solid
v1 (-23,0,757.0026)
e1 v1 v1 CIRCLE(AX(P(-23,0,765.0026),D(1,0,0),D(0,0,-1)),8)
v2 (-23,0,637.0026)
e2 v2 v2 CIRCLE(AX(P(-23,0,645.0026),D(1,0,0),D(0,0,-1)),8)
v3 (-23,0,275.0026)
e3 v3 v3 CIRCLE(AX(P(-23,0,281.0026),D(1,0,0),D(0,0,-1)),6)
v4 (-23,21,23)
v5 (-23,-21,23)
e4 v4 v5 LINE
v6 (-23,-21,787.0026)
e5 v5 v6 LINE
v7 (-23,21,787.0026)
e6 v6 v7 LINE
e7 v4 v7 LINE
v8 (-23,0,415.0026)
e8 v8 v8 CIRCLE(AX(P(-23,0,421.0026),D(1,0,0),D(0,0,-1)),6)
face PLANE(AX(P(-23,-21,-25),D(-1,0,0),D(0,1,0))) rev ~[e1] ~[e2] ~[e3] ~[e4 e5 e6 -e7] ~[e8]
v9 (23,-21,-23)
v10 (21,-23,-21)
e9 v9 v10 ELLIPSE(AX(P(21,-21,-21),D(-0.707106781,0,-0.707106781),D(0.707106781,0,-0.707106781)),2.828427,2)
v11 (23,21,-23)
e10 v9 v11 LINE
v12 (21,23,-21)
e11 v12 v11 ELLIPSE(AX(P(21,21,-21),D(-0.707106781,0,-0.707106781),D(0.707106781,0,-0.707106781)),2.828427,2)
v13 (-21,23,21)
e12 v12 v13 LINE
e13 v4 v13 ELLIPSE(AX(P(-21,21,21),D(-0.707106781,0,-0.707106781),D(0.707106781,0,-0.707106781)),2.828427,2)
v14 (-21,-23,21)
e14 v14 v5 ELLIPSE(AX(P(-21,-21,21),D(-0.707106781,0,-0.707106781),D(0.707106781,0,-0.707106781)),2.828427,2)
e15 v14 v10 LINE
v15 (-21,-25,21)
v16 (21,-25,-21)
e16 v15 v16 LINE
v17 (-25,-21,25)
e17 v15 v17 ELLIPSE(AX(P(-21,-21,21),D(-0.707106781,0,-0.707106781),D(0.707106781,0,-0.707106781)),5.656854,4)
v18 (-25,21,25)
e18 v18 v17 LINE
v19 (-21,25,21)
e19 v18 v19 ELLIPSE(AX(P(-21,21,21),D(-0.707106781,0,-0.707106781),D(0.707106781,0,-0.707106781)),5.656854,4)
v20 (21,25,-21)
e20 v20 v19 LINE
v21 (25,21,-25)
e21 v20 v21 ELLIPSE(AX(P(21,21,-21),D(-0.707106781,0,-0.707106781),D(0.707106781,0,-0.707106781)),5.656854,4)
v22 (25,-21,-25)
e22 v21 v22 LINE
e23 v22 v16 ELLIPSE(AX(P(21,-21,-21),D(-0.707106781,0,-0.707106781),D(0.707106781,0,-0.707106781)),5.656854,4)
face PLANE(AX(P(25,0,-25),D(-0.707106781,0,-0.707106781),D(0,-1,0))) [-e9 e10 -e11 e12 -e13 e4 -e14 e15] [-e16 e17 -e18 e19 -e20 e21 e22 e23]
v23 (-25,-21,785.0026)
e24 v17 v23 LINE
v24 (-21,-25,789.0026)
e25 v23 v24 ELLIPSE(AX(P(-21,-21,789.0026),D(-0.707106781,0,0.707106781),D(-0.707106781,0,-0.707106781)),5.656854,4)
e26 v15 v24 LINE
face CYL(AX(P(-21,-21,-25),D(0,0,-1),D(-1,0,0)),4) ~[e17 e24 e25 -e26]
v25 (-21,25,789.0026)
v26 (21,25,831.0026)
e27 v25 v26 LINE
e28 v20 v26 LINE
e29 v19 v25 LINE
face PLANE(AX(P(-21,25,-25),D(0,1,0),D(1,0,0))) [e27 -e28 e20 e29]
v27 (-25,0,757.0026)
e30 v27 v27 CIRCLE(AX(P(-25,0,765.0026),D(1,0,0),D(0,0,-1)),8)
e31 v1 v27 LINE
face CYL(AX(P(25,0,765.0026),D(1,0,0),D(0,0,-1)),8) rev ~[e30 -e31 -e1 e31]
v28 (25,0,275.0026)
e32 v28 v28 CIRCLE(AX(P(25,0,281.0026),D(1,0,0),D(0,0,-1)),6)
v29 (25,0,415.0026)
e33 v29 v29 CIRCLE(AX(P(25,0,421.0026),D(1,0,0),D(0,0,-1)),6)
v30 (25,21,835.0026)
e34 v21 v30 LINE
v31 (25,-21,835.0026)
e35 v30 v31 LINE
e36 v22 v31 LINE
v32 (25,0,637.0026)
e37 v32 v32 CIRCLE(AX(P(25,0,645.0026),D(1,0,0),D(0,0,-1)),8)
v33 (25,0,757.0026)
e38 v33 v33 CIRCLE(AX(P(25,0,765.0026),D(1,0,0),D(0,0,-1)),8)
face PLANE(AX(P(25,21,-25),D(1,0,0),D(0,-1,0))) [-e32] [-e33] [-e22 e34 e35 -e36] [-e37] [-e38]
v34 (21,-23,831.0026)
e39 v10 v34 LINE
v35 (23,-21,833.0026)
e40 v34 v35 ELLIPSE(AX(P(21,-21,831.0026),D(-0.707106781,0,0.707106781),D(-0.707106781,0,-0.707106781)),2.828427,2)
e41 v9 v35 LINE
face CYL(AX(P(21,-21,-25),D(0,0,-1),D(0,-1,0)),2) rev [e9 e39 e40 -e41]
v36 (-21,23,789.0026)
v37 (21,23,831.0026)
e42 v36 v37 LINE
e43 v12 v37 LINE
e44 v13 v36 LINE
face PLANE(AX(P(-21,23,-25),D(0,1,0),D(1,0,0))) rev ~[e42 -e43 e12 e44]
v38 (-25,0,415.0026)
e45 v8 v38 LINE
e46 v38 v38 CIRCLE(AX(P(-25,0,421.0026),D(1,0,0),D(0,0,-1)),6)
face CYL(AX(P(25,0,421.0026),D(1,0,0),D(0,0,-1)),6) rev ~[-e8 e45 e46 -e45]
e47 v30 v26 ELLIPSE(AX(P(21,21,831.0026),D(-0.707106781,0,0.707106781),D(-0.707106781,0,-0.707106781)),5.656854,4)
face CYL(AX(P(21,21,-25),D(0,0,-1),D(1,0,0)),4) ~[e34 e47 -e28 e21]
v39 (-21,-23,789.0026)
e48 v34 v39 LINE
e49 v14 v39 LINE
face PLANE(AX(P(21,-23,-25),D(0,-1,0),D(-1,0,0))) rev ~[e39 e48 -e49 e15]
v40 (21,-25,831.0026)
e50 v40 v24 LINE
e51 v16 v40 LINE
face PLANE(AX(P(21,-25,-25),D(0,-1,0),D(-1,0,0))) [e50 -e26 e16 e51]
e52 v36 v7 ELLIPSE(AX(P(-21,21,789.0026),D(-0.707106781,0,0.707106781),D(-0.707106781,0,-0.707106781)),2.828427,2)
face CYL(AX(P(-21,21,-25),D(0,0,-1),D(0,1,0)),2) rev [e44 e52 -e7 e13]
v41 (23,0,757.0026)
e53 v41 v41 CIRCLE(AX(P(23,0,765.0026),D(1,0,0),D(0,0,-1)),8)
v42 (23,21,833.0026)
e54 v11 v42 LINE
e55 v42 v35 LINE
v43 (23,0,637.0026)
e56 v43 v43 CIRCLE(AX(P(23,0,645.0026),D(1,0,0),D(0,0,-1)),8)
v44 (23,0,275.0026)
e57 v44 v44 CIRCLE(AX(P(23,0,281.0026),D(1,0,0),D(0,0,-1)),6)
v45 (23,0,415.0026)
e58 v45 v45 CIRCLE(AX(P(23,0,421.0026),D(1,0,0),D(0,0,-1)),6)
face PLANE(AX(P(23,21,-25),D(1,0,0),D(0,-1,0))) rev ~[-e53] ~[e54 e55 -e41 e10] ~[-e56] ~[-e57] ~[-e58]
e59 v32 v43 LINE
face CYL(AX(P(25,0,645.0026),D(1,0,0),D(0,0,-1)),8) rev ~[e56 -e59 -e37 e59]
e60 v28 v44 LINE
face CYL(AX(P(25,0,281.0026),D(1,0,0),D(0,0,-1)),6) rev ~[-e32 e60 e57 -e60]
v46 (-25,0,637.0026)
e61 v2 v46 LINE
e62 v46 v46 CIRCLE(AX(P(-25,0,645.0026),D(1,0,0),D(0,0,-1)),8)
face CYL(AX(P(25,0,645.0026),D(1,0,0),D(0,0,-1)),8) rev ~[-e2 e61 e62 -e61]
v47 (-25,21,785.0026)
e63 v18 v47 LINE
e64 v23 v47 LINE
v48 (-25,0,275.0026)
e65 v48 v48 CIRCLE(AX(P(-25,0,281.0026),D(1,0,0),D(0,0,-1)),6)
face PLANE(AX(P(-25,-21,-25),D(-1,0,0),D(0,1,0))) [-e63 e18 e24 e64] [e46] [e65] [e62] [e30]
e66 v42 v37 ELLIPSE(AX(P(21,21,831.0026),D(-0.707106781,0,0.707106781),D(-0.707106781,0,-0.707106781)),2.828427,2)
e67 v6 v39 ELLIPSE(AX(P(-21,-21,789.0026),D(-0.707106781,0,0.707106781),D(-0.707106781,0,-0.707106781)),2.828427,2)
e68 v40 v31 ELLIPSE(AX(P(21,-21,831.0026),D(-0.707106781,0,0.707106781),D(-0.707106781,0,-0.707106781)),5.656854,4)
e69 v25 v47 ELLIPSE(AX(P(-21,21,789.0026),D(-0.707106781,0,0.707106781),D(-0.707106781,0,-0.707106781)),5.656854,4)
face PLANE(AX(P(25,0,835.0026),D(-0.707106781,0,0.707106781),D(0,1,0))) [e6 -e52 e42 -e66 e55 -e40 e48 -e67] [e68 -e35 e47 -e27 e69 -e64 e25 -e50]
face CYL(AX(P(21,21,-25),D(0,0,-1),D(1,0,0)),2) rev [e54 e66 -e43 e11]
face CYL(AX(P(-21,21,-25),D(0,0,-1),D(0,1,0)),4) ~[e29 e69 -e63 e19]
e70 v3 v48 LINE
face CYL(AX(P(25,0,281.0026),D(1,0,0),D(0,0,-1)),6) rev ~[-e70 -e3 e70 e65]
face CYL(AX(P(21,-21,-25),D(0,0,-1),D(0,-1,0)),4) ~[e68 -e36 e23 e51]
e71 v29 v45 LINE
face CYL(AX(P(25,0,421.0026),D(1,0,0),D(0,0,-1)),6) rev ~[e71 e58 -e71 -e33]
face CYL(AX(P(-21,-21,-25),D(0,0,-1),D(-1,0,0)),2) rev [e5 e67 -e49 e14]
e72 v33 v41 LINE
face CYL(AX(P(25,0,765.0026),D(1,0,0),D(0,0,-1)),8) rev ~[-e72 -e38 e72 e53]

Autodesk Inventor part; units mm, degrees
ref_plane "Start Plane" through (0, 0, -25) normal (0, 0, 1) x (1, 0, 0)
ref_plane "End Plane" through (0, 0, 835.0026) normal (0, 0, 1) x (1, 0, 0)
sketch "Sketch" plane through (0, 0, 0) normal (0, 0, 1) x (1, 0, 0)
  line L0 (-25, -21) -> (-25, 21)
  line L1 (-21, 25) -> (21, 25)
  line L2 (25, 21) -> (25, -21)
  line L3 (21, -25) -> (-21, -25)
  arc A0 (-25, -21) -> (-21, -25) centre (-21, -21) ccw
  arc A1 (25, 21) -> (21, 25) centre (21, 21) ccw
  arc A2 (-21, 25) -> (-25, 21) centre (-21, 21) ccw
  arc A3 (21, -25) -> (25, -21) centre (21, -21) ccw
  arc A4 (-21, 23) -> (-23, 21) centre (-21, 21) ccw
  line L4 (-21, 23) -> (21, 23)
  arc A5 (23, 21) -> (21, 23) centre (21, 21) ccw
  line L5 (23, 21) -> (23, -21)
  arc A6 (21, -23) -> (23, -21) centre (21, -21) ccw
  line L6 (21, -23) -> (-21, -23)
  arc A7 (-23, -21) -> (-21, -23) centre (-21, -21) ccw
  line L7 (-23, -21) -> (-23, 21)
  line L8 (0, 36.1598) -> (0, -36.1598) construction
  line L9 (-36.1598, 0) -> (36.1598, 0) construction
  dimension "d7" = 4
  dimension "d9" = 50
  dimension "d11" = 50
  dimension "d12" = 2
  dimension "d15" = 25
  dimension "d16" = 25
extrude "Body" add sketch "Sketch" along normal up to surface (860.0026 mm away) from surface at -25
sketch "Sketch3" plane through (0, 0, 0) normal (0, 0, 1) x (1, 0, 0)
  line L0 (0, 0) -> (10, 0)
ref_plane "Work Plane3" through (0, 0, 0) normal (0, -1, 0) x (1, 0, 0)
sketch "Sketch4" plane through (0, 0, 0) normal (0, -1, 0) x (1, 0, 0)
  line L0 (-2, -25) -> (12, -25)
  line L1 (-2, 835.0026) -> (12, 835.0026)
  dimension "d18" = 860.0026
ref_plane "Work Plane4" through (25, 0, 835.0026) normal (-0.7071, 0, 0.7071) x (0.7071, 0, 0.7071)
split "Split1" plane through (25, 0, 835.0026) removes the side toward (-0.7071, 0, 0.7071)
ref_plane "Work Plane5" through (25, 0, -25) normal (-0.7071, 0, -0.7071) x (-0.7071, 0, 0.7071)
split "Split2" plane through (25, 0, -25) removes the side toward (-0.7071, 0, -0.7071)
sketch "Sketch5" plane through (25, -21, 835.0026) normal (1, 0, 0) x (0, 0, -1)
  circle A0 centre (414, 21) radius 6 projected
  circle A1 centre (554, 21) radius 6 projected
  line L0 (609, 38.75) -> (359, 38.75) projected
  line L1 (359, 3.25) -> (359, 38.75) projected
  line L2 (609, 3.25) -> (359, 3.25) projected
  line L3 (609, 38.75) -> (609, 3.25) projected
  circle A2 centre (190, 375.5) radius 8 projected
  circle A3 centre (190, 21) radius 8 projected
  circle A4 centre (245, 257.25) radius 8 projected
  circle A5 centre (20, 139.25) radius 8 projected
  circle A6 centre (245, 139.25) radius 8 projected
  circle A7 centre (20, 257.25) radius 8 projected
  circle A8 centre (70, 21) radius 8 projected
  circle A9 centre (70, 375.5) radius 8 projected
  line L4 (260, -4.6175) -> (260, 401.1175) projected
  line L5 (260, 401.1175) -> (0, 401.1175) projected
  line L6 (0, 401.1175) -> (0, -4.6175) projected
  line L7 (0, -4.6175) -> (260, -4.6175) projected
  point P0 (835.0026, 21)
sketch "Sketch6" plane through (25, -21, 835.0026) normal (1, 0, 0) x (0, 0, -1)
  circle A0 centre (554, 21) radius 6 projected
  circle A1 centre (414, 21) radius 6 projected
  circle A2 centre (190, 21) radius 8 projected
  circle A3 centre (70, 21) radius 8 projected
  point P0 (835.0026, 21)
extrude "Extrusion2" cut sketch "Sketch5" against normal up to surface (50 mm away) contours A0 | A1 | A3 | A8
equation "\"d7\" = G_IR"
equation "\"d9\" = G_W"
equation "\"d11\" = G_H"
equation "\"d12\" = G_T"
equation "\"d15\" = 0.5 * d9"
equation "\"d16\" = 0.5 * d11"
equation "\"d3\" = G_L"
equation "\"G_W\" = 50"
equation "\"G_H\" = 50"
equation "\"G_T\" = 2"
equation "\"G_IR\" = 4"
equation "\"G_L\" = d18"
equation "\"G_OFFSET_START\" = 25"
equation "\"G_OFFSET_END\" = 25"
equation "\"d13\" = -G_OFFSET_START"
equation "\"d14\" = G_OFFSET_END + B_L"
equation "\"B_L\" = 810.0026"
properties part number "ISO 10799-2 - 50x50x2 - 860" material "Steel, Galvanized"
